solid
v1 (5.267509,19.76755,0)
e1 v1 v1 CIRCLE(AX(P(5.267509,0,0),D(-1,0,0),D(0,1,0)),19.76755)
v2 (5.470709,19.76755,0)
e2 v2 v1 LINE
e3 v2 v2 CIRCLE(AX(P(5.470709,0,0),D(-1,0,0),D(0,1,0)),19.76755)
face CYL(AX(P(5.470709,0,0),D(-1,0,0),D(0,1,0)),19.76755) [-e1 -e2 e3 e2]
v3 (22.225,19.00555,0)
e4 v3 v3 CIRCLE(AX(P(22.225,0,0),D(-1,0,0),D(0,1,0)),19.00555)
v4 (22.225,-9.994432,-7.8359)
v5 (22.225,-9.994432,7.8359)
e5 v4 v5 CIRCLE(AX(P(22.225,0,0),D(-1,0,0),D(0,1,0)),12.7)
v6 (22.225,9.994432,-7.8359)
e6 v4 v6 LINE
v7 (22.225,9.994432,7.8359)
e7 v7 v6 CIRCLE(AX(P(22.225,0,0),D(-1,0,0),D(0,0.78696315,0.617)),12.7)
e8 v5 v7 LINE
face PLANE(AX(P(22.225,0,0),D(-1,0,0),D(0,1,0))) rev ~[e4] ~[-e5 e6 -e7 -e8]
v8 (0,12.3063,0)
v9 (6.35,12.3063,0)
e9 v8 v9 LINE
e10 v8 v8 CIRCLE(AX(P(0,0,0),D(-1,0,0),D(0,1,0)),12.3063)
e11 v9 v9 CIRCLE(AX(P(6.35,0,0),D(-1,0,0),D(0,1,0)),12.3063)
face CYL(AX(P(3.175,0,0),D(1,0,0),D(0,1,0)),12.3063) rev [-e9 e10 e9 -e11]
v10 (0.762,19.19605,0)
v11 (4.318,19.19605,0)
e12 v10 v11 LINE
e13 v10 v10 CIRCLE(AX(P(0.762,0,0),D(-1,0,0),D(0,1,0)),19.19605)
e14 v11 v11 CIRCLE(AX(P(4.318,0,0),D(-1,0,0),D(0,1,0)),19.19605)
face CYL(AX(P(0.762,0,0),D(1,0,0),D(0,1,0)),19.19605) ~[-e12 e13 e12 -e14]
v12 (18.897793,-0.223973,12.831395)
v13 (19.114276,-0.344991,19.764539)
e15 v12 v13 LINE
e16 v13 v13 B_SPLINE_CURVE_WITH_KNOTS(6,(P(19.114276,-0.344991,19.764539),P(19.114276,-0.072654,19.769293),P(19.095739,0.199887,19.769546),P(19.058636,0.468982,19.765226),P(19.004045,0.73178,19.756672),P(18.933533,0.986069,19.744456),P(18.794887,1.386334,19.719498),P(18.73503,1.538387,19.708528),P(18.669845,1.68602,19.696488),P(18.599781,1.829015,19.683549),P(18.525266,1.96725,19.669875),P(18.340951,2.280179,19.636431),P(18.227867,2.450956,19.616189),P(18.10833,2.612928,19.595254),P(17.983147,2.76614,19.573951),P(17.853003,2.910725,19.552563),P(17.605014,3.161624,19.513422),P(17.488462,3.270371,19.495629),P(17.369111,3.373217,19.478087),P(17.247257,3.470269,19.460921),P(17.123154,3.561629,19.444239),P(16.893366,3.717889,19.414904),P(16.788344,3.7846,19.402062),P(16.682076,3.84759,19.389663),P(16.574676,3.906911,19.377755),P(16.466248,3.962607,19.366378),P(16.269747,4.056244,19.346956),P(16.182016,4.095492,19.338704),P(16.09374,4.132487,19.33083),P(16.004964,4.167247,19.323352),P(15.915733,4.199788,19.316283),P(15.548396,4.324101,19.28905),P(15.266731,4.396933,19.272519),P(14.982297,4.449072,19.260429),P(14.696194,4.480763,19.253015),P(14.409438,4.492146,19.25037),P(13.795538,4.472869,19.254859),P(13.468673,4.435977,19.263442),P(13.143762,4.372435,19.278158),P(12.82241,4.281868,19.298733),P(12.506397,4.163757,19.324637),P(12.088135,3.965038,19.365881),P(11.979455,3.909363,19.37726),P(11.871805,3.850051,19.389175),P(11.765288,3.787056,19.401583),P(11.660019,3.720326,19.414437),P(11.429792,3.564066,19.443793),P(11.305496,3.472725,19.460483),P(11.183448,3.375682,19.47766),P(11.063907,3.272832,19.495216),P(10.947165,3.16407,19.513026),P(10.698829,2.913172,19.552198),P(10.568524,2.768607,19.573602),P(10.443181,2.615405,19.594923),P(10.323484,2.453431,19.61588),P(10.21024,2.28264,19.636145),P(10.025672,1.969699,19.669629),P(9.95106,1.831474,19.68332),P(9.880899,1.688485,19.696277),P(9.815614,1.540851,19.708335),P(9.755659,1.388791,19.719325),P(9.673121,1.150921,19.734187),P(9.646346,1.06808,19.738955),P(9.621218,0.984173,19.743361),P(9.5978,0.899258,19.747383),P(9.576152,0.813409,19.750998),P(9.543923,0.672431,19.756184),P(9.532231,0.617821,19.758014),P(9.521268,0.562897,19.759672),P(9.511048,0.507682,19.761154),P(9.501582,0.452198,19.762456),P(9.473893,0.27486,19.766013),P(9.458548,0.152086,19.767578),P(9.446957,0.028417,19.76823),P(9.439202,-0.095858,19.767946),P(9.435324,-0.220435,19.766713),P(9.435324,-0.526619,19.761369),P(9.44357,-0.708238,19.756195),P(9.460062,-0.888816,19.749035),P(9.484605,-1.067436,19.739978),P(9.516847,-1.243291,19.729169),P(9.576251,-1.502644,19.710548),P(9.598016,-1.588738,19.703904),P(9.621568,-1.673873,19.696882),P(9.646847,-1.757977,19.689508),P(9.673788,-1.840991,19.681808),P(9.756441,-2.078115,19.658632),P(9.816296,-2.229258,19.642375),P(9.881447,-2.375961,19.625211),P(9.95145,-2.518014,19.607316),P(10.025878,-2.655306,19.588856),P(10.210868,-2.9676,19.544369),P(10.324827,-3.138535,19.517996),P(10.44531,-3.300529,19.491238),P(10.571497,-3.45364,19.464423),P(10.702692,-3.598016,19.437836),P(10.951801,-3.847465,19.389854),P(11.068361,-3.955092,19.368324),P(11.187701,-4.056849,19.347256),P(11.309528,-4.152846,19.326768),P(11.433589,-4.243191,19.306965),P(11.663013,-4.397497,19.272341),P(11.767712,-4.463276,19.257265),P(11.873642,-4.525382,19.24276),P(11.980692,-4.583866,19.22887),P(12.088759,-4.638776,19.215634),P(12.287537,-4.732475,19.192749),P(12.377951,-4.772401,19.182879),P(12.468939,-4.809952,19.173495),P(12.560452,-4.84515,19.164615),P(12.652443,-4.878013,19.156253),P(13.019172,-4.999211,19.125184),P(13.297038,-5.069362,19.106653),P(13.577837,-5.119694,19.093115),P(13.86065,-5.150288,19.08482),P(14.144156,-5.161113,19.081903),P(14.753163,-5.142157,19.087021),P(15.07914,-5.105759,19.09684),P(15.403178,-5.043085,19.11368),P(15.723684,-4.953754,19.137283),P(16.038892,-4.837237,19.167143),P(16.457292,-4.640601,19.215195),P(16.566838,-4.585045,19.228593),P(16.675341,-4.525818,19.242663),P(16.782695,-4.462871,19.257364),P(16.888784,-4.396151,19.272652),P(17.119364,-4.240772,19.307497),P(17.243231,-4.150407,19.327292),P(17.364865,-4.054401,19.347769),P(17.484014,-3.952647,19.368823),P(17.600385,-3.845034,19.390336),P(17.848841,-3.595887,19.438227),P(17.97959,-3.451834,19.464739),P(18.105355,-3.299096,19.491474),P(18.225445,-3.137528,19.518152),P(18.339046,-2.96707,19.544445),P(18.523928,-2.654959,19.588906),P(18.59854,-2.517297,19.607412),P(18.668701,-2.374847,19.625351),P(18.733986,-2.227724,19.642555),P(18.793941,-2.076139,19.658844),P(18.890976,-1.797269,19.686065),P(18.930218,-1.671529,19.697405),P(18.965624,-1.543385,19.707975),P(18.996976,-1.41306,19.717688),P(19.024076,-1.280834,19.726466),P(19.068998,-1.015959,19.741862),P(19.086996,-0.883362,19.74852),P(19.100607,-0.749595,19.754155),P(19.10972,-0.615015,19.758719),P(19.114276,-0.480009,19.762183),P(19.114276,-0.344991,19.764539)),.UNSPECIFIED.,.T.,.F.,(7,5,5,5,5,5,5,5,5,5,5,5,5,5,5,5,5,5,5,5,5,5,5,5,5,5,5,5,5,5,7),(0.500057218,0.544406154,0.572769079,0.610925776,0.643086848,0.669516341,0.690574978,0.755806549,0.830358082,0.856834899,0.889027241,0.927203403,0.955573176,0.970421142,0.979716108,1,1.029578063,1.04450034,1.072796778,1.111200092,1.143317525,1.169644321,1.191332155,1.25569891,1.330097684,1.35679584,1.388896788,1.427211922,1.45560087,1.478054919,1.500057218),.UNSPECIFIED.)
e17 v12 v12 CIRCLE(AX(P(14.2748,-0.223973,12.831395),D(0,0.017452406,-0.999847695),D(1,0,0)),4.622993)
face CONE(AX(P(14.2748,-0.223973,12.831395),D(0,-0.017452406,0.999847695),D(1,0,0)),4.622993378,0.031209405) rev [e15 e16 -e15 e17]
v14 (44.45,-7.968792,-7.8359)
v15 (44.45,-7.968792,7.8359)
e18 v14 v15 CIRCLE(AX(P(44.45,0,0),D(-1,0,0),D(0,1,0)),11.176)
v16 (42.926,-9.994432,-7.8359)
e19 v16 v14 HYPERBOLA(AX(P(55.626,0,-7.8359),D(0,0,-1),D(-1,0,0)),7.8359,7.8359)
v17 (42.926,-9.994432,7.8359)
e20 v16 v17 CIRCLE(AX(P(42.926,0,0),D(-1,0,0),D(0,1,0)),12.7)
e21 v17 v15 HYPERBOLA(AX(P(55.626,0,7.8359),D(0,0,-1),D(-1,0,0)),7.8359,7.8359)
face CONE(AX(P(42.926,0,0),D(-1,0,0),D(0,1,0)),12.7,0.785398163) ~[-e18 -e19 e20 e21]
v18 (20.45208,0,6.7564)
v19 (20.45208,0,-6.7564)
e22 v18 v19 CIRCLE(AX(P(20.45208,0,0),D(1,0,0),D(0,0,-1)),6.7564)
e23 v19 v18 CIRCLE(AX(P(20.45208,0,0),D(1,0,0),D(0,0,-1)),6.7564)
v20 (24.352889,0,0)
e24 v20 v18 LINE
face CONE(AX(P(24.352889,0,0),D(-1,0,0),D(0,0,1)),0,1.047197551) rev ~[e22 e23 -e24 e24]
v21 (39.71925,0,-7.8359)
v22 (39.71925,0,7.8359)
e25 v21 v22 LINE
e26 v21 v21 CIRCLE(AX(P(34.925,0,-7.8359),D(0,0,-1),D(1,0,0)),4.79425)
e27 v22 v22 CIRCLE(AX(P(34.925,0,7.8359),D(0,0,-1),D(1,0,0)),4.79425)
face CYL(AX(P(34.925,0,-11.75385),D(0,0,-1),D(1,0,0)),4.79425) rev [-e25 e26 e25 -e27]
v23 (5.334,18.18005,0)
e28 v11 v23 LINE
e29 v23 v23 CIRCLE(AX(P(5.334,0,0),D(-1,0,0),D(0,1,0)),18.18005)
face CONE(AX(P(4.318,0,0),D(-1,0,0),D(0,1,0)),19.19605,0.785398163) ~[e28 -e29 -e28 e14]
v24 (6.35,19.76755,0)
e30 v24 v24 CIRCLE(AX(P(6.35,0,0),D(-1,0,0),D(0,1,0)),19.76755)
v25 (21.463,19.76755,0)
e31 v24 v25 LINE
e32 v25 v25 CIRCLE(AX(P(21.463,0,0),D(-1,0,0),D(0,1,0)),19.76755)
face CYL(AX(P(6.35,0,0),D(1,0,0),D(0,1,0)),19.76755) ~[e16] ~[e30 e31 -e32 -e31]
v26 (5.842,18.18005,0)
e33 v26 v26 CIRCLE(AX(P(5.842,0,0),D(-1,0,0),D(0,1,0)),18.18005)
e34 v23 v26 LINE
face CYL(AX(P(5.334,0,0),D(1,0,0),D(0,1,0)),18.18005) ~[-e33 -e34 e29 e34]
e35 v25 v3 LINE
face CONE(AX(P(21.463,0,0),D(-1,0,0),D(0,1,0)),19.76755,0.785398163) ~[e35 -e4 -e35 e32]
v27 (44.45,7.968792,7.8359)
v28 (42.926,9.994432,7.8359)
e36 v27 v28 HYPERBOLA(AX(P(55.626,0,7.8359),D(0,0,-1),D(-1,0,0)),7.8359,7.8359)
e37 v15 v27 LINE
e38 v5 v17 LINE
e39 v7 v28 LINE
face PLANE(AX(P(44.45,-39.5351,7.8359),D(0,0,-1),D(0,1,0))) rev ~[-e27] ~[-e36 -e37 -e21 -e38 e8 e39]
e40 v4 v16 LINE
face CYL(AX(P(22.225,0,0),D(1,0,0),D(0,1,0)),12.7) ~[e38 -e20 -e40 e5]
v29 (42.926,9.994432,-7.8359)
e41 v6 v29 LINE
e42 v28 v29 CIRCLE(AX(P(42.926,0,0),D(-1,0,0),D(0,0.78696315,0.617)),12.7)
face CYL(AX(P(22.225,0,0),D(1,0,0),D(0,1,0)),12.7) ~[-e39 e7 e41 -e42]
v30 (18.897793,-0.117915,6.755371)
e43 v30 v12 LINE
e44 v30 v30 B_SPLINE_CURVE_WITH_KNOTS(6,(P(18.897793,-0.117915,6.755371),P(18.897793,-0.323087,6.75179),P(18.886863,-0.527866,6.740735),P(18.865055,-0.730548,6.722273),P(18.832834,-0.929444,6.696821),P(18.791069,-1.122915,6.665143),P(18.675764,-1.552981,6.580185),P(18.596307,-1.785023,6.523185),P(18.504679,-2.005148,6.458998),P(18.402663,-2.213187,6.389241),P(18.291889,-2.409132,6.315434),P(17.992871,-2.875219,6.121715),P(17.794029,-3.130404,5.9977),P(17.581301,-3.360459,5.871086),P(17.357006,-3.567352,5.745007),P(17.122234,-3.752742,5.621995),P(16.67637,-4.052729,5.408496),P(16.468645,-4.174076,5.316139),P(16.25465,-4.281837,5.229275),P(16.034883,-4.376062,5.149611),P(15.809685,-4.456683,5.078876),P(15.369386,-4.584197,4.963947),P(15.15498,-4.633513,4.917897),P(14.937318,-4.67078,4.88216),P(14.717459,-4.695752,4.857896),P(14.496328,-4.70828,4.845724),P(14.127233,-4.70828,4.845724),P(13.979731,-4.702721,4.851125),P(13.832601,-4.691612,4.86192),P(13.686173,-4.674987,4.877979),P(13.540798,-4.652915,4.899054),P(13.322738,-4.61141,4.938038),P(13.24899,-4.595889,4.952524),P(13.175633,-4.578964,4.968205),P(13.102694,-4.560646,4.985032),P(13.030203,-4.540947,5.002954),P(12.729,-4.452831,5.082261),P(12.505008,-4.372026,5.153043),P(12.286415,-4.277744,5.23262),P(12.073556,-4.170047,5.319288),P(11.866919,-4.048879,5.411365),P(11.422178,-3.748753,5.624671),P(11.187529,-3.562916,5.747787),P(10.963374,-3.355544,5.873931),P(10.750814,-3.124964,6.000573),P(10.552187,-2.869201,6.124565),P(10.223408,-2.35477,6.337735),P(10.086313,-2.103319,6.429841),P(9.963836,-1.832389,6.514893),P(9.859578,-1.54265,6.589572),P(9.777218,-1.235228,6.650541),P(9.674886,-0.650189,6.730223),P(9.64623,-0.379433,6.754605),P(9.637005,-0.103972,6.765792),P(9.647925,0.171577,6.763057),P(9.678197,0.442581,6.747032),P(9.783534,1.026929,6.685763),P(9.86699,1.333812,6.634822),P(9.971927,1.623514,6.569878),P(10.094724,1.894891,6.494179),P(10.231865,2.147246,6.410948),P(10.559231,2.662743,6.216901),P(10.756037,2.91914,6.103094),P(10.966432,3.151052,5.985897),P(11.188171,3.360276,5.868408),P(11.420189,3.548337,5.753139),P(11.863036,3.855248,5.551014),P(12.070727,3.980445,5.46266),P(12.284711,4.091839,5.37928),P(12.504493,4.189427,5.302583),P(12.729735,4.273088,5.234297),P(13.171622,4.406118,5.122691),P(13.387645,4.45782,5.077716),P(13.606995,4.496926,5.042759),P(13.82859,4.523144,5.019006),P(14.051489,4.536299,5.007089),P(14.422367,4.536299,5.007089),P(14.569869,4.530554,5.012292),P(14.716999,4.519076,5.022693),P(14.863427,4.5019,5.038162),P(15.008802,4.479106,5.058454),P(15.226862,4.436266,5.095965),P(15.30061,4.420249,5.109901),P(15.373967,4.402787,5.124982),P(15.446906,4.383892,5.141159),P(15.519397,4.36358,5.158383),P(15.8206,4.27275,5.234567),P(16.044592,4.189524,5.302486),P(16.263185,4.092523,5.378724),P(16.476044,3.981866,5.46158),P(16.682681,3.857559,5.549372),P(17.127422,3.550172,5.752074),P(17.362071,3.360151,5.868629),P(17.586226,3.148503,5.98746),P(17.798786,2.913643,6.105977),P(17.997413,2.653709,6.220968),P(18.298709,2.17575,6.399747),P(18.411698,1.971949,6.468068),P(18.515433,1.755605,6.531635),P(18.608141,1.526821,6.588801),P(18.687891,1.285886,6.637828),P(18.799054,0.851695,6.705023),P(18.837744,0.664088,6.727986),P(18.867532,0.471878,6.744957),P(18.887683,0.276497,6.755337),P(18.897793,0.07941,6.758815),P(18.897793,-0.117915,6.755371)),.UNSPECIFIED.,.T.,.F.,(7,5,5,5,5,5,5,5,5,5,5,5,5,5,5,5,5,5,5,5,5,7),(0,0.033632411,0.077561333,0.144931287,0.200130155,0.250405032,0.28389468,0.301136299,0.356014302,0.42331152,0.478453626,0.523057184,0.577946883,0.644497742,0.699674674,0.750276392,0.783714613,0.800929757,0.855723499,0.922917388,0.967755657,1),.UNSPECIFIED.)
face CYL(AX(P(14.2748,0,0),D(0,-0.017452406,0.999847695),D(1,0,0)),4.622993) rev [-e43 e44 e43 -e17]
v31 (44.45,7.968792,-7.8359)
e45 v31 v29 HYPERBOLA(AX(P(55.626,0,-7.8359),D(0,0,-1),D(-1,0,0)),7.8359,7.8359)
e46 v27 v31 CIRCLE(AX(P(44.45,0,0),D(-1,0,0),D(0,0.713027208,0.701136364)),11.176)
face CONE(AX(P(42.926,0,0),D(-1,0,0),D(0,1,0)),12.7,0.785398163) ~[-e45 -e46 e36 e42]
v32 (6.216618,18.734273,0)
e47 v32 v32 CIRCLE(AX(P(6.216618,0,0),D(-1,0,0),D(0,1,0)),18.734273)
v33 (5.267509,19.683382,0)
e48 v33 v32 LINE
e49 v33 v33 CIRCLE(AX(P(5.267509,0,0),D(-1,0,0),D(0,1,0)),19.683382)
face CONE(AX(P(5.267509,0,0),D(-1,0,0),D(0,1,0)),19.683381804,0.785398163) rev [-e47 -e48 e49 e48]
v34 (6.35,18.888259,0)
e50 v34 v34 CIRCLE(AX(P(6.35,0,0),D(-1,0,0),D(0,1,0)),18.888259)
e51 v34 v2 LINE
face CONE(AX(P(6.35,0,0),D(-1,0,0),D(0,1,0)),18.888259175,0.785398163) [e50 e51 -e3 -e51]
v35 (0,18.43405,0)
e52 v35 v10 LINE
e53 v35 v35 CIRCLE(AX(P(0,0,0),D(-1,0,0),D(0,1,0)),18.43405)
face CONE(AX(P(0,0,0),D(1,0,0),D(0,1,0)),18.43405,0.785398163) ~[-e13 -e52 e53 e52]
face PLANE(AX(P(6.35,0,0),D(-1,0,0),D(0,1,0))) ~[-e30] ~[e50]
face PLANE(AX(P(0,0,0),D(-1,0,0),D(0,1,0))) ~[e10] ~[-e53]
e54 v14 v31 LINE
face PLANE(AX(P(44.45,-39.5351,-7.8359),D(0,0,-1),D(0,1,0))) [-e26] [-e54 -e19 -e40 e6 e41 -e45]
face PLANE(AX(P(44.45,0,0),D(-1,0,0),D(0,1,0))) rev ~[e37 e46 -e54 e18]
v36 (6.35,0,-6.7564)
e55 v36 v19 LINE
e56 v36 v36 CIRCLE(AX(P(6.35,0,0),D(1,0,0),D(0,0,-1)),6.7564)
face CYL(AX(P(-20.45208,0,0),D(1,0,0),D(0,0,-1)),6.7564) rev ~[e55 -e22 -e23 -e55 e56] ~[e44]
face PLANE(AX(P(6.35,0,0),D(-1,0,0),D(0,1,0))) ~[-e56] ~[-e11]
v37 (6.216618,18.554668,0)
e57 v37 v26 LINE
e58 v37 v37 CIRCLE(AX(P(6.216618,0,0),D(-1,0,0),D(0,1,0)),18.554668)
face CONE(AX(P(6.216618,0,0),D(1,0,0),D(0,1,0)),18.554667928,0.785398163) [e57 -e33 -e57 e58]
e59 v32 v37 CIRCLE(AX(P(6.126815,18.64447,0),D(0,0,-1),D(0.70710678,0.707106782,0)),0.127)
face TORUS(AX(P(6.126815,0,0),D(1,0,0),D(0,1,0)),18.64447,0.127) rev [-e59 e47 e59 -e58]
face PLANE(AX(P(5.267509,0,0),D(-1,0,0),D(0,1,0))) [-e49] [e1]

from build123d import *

# Parameters (mm, degrees)
SKETCH3_W               = 79.0702
SKETCH3_H               = 158.1404
SKETCH3_W_2             = 15.6718
SKETCH3_H_2             = 79.0702
CUT_EXTRUDE1_DEPTH      = 22.225
HOLE1_D                 = 13.5128
HOLE1_DEPTH             = 20.45208
HOLE1_TIP               = 3.900809359
SKETCH7_W               = 6.35
SKETCH7_H               = 12.3063
CUT_EXTRUDE2_DEPTH      = 11.75385
CUT_EXTRUDE2_DEPTH_BACK = 11.75385
SKETCH9_R               = 4.79425


with BuildPart() as part:
    # Sketch1 → Revolve1 (revolve)
    with BuildSketch(Plane.XY):
        Polygon((0, 0), (0, 18.43405), (0.762, 19.19605), (4.318, 19.19605), (5.334, 18.18005), (6.35, 18.18005), (6.35, 19.76755), (21.463, 19.76755), (22.225, 19.00555), (22.225, 0), align=None)
    revolve(axis=Axis((22.225, 0, 0), (-1, 0, 0)))

    # Sketch2 → Revolve2 (revolve)
    with BuildSketch(Plane.XY):
        Polygon((22.225, 0), (22.225, 12.7), (42.926, 12.7), (44.45, 11.176), (44.45, 0), align=None)
    revolve(axis=Axis((44.45, 0, 0), (-1, 0, 0)))

    # Sketch3 → Cut-Extrude1 (cut)
    with BuildSketch(Plane(origin=(44.45, 0, 0), x_dir=(0, 0, -1), z_dir=(1, 0, 0))):
        Rectangle(SKETCH3_W, SKETCH3_H)
        Rectangle(SKETCH3_W_2, SKETCH3_H_2, mode=Mode.SUBTRACT)
    extrude(amount=-CUT_EXTRUDE1_DEPTH, mode=Mode.SUBTRACT)

    # Hole1
    with Locations(Plane.ZY):
        with Locations((0, 0)):
            Hole(HOLE1_D / 2, depth=HOLE1_DEPTH)
            with Locations((0, 0, -(HOLE1_DEPTH + HOLE1_TIP / 2))):  # 120° drill point
                Cone(0, HOLE1_D / 2, HOLE1_TIP, mode=Mode.SUBTRACT)

    # Sketch6 → Cut-Revolve1 (revolve, cut)
    with BuildSketch(Plane(origin=(0, 0, 0), x_dir=(1, 0, 0), z_dir=(0, 0.9998476951563913, 0.01745240643728403))):
        Polygon((14.2748, 0), (18.897793378, 0), (18.897793378, -12.83335), (19.114275925, -19.76755), (14.2748, -19.76755), align=None)
    revolve(axis=Axis((14.2748, -0.344991317, 19.764539306), (0, 0.01745240643728403, -0.9998476951563913)), mode=Mode.SUBTRACT)

    # Sketch7 → Cut-Revolve2 (revolve, cut)
    with BuildSketch(Plane.XY):
        with Locations((3.175, 6.15315)):
            Rectangle(SKETCH7_W, SKETCH7_H)
    revolve(axis=Axis((6.35, 0, 0), (-1, 0, 0)), mode=Mode.SUBTRACT)

    # Sketch8 → Revolve3 (revolve)
    with BuildSketch(Plane.XY):
        with BuildLine():
            Line((5.267509175, 19.683381804), (6.216617928, 18.734273051))
            ThreePointArc((6.216617928, 18.734273051), (6.253815367, 18.64447049), (6.216617928, 18.554667928))
            Line((6.216617928, 18.554667928), (5.842, 18.18005))
            Line((5.842, 18.18005), (5.334, 18.18005))
            Line((5.334, 18.18005), (5.334, 17.92605))
            Line((5.334, 17.92605), (6.35, 17.92605))
            Line((6.35, 17.92605), (6.35, 18.888259175))
            Line((6.35, 18.888259175), (5.470709175, 19.76755))
            Line((5.470709175, 19.76755), (5.267509175, 19.76755))
            Line((5.267509175, 19.76755), (5.267509175, 19.683381804))
        make_face()
    revolve(axis=Axis((6.35, 0, 0), (-1, 0, 0)))

    # Sketch9 → Cut-Extrude2 (cut, two sides: drawn at the far end of the back side and taken through both)
    with BuildSketch(Plane.XY.offset(-CUT_EXTRUDE2_DEPTH_BACK)):
        with Locations((34.925, 0)):
            Circle(SKETCH9_R)
    extrude(amount=CUT_EXTRUDE2_DEPTH + CUT_EXTRUDE2_DEPTH_BACK, mode=Mode.SUBTRACT)


solid = part.part
